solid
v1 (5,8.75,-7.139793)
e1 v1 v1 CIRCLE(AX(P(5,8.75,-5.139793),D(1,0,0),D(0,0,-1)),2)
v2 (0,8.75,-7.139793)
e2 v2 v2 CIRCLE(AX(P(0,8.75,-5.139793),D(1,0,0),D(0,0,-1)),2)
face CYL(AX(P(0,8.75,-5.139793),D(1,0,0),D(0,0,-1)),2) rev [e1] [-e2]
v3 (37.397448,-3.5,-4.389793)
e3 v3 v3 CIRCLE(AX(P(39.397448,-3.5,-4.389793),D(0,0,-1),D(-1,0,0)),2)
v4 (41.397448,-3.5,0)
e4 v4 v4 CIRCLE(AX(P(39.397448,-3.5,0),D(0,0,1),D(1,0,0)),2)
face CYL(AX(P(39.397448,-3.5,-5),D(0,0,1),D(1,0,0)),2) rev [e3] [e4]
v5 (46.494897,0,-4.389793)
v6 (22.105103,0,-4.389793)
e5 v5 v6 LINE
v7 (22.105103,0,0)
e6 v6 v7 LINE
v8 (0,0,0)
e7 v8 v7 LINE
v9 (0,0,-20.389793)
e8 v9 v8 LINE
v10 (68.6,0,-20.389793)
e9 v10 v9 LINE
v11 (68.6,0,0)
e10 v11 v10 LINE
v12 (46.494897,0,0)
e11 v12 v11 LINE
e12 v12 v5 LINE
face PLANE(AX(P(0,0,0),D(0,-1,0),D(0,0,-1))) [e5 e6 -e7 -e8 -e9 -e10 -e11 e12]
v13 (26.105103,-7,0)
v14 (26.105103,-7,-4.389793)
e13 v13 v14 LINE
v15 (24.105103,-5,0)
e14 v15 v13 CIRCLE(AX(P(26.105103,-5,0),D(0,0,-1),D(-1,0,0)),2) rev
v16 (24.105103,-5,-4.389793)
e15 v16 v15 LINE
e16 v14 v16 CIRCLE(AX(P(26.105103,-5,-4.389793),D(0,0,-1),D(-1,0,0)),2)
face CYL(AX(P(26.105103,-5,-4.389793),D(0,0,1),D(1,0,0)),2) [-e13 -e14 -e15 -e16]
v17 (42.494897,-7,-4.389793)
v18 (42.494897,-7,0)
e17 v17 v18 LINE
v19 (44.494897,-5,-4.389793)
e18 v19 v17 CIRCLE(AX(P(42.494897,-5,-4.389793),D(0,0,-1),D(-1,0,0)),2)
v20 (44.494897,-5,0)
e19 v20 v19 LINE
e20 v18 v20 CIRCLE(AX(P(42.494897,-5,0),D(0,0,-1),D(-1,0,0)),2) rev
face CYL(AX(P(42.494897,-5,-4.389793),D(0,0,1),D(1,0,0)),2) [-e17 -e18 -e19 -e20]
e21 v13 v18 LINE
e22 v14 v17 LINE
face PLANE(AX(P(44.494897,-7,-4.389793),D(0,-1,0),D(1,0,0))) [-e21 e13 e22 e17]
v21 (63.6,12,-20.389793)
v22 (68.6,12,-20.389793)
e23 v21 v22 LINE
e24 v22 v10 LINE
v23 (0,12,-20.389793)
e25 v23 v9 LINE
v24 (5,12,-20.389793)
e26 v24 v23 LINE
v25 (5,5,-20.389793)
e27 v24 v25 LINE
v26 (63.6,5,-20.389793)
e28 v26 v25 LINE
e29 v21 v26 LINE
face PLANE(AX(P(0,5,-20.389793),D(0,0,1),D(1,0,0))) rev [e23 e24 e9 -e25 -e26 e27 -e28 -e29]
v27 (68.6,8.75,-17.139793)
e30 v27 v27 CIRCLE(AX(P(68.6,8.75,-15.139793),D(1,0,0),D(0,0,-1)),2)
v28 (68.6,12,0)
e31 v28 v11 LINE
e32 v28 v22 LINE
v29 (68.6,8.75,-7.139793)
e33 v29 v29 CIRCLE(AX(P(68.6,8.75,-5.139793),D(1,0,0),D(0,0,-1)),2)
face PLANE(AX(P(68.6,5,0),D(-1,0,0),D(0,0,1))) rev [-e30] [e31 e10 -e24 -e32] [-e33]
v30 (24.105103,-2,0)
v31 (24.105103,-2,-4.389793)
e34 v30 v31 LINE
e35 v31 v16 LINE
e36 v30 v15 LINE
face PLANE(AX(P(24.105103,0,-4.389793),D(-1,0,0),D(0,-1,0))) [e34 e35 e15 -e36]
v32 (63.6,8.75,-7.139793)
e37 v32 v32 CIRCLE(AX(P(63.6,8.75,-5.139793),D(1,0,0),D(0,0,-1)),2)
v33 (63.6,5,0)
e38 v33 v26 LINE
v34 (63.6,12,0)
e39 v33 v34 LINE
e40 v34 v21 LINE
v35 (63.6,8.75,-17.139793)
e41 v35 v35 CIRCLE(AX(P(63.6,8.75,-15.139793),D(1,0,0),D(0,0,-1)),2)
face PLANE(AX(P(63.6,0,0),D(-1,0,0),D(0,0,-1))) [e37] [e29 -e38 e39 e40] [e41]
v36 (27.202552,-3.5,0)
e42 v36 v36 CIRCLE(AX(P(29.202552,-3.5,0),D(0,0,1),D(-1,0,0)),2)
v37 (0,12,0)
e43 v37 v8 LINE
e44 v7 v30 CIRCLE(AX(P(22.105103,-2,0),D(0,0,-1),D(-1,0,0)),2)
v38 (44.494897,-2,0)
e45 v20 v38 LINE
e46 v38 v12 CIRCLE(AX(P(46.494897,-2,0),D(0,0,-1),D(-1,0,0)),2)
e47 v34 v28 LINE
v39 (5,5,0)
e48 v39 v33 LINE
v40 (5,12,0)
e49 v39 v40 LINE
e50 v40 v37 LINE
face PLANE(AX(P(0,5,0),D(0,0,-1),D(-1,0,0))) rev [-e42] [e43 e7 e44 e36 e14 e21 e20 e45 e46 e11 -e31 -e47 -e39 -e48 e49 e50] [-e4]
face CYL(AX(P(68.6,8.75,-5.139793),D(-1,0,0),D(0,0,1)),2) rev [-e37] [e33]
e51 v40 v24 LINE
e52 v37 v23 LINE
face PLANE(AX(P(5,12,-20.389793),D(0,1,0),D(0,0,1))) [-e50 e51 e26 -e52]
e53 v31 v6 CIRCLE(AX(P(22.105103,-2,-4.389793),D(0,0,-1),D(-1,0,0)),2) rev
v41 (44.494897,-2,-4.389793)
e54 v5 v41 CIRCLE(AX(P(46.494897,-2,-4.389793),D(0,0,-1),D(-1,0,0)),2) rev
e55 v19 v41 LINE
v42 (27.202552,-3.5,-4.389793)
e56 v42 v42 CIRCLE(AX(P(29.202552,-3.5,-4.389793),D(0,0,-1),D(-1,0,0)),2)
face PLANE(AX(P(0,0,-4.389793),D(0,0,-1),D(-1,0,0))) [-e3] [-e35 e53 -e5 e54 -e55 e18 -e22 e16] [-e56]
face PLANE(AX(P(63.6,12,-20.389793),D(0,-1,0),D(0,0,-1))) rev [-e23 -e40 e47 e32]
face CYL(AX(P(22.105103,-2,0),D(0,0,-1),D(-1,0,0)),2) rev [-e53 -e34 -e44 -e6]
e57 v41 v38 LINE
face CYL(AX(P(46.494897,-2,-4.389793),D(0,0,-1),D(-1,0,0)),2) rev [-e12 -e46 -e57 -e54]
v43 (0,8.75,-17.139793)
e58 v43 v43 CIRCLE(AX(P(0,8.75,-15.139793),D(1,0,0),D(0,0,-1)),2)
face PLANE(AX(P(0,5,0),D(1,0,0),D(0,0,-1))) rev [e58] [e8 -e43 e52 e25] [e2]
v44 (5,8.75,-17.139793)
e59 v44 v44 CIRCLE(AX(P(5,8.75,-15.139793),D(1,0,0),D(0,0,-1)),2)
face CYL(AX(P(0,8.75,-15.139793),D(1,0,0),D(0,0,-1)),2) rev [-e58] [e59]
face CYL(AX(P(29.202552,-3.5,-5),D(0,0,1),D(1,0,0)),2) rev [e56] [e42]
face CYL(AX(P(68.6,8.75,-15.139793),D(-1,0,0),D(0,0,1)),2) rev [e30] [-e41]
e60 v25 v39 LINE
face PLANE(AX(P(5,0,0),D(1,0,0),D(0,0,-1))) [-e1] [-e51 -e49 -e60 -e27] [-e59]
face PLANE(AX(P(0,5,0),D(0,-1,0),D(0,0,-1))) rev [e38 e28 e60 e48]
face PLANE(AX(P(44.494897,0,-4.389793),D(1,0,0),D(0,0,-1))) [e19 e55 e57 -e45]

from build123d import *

# Parameters (mm, degrees)
SKETCH1_W                  = 68.6
SKETCH1_H                  = 20.38979341
BRACKETBASE_DEPTH          = 5
SKETCH2_W                  = 20.38979341
SKETCH2_H                  = 12
LEGMOUNTINGTAB_DEPTH       = 5
SKETCH3_R                  = 2
LEGMOUNTINGHOLES_DEPTH     = 5
SKETCH4_W                  = 20.38979341
SKETCH4_H                  = 7
ARDUINOMOUNTINGTAB_DEPTH   = 4.38979341
SKETCH5_R                  = 2
ARDUINOMOUNTINGHOLES_DEPTH = 5
FILLET1_R                  = 2


with BuildPart() as part:
    # Sketch1 → bracketBase (new body)
    with BuildSketch(Plane(origin=(0, 0, 0), x_dir=(1, 0, 0), z_dir=(0, 1, 0))):
        with Locations((34.3, 10.194896705)):
            Rectangle(SKETCH1_W, SKETCH1_H)
    extrude(amount=BRACKETBASE_DEPTH)

    # Sketch2 → legMountingTab (add)
    with BuildSketch(Plane.ZY):
        with Locations((-10.194896705, 6)):
            Rectangle(SKETCH2_W, SKETCH2_H)
    legmountingtab = extrude(amount=-LEGMOUNTINGTAB_DEPTH)

    # Sketch3 → legMountingHoles (cut)
    with BuildSketch(Plane(origin=(5, 0, 0), x_dir=(0, 0, -1), z_dir=(1, 0, 0))):
        with Locations((15.13979341, 8.75)):
            Circle(SKETCH3_R)
        with Locations((5.13979341, 8.75)):
            Circle(SKETCH3_R)
    legmountingholes = extrude(amount=-LEGMOUNTINGHOLES_DEPTH, mode=Mode.SUBTRACT)

    # legMountingHoles2: legMountingTab, legMountingHoles across plane
    add(legmountingtab.mirror(Plane.ZY.offset(-34.3)))
    add(legmountingholes.mirror(Plane.ZY.offset(-34.3)), mode=Mode.SUBTRACT)

    # Sketch4 → arduinoMountingTab (add)
    with BuildSketch(Plane.XY):
        with Locations((34.3, -3.5)):
            Rectangle(SKETCH4_W, SKETCH4_H)
    extrude(amount=-ARDUINOMOUNTINGTAB_DEPTH)

    # Sketch5 → arduinoMountingHoles (cut)
    with BuildSketch(Plane.XY):
        with Locations((39.397448352, -3.5)):
            Circle(SKETCH5_R)
        with Locations(Location((29.202551647, -3.5, 0), (0, 0, 180))):
            Circle(SKETCH5_R)
    extrude(amount=-ARDUINOMOUNTINGHOLES_DEPTH, mode=Mode.SUBTRACT)

    # Fillet1
    fillet1_edges = [part.edges().sort_by_distance(p)[0] for p in [
        (44.494896705, 0, -2.194896705),
        (44.494896705, -7, -2.194896705),
        (24.105103295, -7, -2.194896705),
        (24.105103295, 0, -2.194896705),
    ]]
    fillet(fillet1_edges, radius=FILLET1_R)


solid = part.part
